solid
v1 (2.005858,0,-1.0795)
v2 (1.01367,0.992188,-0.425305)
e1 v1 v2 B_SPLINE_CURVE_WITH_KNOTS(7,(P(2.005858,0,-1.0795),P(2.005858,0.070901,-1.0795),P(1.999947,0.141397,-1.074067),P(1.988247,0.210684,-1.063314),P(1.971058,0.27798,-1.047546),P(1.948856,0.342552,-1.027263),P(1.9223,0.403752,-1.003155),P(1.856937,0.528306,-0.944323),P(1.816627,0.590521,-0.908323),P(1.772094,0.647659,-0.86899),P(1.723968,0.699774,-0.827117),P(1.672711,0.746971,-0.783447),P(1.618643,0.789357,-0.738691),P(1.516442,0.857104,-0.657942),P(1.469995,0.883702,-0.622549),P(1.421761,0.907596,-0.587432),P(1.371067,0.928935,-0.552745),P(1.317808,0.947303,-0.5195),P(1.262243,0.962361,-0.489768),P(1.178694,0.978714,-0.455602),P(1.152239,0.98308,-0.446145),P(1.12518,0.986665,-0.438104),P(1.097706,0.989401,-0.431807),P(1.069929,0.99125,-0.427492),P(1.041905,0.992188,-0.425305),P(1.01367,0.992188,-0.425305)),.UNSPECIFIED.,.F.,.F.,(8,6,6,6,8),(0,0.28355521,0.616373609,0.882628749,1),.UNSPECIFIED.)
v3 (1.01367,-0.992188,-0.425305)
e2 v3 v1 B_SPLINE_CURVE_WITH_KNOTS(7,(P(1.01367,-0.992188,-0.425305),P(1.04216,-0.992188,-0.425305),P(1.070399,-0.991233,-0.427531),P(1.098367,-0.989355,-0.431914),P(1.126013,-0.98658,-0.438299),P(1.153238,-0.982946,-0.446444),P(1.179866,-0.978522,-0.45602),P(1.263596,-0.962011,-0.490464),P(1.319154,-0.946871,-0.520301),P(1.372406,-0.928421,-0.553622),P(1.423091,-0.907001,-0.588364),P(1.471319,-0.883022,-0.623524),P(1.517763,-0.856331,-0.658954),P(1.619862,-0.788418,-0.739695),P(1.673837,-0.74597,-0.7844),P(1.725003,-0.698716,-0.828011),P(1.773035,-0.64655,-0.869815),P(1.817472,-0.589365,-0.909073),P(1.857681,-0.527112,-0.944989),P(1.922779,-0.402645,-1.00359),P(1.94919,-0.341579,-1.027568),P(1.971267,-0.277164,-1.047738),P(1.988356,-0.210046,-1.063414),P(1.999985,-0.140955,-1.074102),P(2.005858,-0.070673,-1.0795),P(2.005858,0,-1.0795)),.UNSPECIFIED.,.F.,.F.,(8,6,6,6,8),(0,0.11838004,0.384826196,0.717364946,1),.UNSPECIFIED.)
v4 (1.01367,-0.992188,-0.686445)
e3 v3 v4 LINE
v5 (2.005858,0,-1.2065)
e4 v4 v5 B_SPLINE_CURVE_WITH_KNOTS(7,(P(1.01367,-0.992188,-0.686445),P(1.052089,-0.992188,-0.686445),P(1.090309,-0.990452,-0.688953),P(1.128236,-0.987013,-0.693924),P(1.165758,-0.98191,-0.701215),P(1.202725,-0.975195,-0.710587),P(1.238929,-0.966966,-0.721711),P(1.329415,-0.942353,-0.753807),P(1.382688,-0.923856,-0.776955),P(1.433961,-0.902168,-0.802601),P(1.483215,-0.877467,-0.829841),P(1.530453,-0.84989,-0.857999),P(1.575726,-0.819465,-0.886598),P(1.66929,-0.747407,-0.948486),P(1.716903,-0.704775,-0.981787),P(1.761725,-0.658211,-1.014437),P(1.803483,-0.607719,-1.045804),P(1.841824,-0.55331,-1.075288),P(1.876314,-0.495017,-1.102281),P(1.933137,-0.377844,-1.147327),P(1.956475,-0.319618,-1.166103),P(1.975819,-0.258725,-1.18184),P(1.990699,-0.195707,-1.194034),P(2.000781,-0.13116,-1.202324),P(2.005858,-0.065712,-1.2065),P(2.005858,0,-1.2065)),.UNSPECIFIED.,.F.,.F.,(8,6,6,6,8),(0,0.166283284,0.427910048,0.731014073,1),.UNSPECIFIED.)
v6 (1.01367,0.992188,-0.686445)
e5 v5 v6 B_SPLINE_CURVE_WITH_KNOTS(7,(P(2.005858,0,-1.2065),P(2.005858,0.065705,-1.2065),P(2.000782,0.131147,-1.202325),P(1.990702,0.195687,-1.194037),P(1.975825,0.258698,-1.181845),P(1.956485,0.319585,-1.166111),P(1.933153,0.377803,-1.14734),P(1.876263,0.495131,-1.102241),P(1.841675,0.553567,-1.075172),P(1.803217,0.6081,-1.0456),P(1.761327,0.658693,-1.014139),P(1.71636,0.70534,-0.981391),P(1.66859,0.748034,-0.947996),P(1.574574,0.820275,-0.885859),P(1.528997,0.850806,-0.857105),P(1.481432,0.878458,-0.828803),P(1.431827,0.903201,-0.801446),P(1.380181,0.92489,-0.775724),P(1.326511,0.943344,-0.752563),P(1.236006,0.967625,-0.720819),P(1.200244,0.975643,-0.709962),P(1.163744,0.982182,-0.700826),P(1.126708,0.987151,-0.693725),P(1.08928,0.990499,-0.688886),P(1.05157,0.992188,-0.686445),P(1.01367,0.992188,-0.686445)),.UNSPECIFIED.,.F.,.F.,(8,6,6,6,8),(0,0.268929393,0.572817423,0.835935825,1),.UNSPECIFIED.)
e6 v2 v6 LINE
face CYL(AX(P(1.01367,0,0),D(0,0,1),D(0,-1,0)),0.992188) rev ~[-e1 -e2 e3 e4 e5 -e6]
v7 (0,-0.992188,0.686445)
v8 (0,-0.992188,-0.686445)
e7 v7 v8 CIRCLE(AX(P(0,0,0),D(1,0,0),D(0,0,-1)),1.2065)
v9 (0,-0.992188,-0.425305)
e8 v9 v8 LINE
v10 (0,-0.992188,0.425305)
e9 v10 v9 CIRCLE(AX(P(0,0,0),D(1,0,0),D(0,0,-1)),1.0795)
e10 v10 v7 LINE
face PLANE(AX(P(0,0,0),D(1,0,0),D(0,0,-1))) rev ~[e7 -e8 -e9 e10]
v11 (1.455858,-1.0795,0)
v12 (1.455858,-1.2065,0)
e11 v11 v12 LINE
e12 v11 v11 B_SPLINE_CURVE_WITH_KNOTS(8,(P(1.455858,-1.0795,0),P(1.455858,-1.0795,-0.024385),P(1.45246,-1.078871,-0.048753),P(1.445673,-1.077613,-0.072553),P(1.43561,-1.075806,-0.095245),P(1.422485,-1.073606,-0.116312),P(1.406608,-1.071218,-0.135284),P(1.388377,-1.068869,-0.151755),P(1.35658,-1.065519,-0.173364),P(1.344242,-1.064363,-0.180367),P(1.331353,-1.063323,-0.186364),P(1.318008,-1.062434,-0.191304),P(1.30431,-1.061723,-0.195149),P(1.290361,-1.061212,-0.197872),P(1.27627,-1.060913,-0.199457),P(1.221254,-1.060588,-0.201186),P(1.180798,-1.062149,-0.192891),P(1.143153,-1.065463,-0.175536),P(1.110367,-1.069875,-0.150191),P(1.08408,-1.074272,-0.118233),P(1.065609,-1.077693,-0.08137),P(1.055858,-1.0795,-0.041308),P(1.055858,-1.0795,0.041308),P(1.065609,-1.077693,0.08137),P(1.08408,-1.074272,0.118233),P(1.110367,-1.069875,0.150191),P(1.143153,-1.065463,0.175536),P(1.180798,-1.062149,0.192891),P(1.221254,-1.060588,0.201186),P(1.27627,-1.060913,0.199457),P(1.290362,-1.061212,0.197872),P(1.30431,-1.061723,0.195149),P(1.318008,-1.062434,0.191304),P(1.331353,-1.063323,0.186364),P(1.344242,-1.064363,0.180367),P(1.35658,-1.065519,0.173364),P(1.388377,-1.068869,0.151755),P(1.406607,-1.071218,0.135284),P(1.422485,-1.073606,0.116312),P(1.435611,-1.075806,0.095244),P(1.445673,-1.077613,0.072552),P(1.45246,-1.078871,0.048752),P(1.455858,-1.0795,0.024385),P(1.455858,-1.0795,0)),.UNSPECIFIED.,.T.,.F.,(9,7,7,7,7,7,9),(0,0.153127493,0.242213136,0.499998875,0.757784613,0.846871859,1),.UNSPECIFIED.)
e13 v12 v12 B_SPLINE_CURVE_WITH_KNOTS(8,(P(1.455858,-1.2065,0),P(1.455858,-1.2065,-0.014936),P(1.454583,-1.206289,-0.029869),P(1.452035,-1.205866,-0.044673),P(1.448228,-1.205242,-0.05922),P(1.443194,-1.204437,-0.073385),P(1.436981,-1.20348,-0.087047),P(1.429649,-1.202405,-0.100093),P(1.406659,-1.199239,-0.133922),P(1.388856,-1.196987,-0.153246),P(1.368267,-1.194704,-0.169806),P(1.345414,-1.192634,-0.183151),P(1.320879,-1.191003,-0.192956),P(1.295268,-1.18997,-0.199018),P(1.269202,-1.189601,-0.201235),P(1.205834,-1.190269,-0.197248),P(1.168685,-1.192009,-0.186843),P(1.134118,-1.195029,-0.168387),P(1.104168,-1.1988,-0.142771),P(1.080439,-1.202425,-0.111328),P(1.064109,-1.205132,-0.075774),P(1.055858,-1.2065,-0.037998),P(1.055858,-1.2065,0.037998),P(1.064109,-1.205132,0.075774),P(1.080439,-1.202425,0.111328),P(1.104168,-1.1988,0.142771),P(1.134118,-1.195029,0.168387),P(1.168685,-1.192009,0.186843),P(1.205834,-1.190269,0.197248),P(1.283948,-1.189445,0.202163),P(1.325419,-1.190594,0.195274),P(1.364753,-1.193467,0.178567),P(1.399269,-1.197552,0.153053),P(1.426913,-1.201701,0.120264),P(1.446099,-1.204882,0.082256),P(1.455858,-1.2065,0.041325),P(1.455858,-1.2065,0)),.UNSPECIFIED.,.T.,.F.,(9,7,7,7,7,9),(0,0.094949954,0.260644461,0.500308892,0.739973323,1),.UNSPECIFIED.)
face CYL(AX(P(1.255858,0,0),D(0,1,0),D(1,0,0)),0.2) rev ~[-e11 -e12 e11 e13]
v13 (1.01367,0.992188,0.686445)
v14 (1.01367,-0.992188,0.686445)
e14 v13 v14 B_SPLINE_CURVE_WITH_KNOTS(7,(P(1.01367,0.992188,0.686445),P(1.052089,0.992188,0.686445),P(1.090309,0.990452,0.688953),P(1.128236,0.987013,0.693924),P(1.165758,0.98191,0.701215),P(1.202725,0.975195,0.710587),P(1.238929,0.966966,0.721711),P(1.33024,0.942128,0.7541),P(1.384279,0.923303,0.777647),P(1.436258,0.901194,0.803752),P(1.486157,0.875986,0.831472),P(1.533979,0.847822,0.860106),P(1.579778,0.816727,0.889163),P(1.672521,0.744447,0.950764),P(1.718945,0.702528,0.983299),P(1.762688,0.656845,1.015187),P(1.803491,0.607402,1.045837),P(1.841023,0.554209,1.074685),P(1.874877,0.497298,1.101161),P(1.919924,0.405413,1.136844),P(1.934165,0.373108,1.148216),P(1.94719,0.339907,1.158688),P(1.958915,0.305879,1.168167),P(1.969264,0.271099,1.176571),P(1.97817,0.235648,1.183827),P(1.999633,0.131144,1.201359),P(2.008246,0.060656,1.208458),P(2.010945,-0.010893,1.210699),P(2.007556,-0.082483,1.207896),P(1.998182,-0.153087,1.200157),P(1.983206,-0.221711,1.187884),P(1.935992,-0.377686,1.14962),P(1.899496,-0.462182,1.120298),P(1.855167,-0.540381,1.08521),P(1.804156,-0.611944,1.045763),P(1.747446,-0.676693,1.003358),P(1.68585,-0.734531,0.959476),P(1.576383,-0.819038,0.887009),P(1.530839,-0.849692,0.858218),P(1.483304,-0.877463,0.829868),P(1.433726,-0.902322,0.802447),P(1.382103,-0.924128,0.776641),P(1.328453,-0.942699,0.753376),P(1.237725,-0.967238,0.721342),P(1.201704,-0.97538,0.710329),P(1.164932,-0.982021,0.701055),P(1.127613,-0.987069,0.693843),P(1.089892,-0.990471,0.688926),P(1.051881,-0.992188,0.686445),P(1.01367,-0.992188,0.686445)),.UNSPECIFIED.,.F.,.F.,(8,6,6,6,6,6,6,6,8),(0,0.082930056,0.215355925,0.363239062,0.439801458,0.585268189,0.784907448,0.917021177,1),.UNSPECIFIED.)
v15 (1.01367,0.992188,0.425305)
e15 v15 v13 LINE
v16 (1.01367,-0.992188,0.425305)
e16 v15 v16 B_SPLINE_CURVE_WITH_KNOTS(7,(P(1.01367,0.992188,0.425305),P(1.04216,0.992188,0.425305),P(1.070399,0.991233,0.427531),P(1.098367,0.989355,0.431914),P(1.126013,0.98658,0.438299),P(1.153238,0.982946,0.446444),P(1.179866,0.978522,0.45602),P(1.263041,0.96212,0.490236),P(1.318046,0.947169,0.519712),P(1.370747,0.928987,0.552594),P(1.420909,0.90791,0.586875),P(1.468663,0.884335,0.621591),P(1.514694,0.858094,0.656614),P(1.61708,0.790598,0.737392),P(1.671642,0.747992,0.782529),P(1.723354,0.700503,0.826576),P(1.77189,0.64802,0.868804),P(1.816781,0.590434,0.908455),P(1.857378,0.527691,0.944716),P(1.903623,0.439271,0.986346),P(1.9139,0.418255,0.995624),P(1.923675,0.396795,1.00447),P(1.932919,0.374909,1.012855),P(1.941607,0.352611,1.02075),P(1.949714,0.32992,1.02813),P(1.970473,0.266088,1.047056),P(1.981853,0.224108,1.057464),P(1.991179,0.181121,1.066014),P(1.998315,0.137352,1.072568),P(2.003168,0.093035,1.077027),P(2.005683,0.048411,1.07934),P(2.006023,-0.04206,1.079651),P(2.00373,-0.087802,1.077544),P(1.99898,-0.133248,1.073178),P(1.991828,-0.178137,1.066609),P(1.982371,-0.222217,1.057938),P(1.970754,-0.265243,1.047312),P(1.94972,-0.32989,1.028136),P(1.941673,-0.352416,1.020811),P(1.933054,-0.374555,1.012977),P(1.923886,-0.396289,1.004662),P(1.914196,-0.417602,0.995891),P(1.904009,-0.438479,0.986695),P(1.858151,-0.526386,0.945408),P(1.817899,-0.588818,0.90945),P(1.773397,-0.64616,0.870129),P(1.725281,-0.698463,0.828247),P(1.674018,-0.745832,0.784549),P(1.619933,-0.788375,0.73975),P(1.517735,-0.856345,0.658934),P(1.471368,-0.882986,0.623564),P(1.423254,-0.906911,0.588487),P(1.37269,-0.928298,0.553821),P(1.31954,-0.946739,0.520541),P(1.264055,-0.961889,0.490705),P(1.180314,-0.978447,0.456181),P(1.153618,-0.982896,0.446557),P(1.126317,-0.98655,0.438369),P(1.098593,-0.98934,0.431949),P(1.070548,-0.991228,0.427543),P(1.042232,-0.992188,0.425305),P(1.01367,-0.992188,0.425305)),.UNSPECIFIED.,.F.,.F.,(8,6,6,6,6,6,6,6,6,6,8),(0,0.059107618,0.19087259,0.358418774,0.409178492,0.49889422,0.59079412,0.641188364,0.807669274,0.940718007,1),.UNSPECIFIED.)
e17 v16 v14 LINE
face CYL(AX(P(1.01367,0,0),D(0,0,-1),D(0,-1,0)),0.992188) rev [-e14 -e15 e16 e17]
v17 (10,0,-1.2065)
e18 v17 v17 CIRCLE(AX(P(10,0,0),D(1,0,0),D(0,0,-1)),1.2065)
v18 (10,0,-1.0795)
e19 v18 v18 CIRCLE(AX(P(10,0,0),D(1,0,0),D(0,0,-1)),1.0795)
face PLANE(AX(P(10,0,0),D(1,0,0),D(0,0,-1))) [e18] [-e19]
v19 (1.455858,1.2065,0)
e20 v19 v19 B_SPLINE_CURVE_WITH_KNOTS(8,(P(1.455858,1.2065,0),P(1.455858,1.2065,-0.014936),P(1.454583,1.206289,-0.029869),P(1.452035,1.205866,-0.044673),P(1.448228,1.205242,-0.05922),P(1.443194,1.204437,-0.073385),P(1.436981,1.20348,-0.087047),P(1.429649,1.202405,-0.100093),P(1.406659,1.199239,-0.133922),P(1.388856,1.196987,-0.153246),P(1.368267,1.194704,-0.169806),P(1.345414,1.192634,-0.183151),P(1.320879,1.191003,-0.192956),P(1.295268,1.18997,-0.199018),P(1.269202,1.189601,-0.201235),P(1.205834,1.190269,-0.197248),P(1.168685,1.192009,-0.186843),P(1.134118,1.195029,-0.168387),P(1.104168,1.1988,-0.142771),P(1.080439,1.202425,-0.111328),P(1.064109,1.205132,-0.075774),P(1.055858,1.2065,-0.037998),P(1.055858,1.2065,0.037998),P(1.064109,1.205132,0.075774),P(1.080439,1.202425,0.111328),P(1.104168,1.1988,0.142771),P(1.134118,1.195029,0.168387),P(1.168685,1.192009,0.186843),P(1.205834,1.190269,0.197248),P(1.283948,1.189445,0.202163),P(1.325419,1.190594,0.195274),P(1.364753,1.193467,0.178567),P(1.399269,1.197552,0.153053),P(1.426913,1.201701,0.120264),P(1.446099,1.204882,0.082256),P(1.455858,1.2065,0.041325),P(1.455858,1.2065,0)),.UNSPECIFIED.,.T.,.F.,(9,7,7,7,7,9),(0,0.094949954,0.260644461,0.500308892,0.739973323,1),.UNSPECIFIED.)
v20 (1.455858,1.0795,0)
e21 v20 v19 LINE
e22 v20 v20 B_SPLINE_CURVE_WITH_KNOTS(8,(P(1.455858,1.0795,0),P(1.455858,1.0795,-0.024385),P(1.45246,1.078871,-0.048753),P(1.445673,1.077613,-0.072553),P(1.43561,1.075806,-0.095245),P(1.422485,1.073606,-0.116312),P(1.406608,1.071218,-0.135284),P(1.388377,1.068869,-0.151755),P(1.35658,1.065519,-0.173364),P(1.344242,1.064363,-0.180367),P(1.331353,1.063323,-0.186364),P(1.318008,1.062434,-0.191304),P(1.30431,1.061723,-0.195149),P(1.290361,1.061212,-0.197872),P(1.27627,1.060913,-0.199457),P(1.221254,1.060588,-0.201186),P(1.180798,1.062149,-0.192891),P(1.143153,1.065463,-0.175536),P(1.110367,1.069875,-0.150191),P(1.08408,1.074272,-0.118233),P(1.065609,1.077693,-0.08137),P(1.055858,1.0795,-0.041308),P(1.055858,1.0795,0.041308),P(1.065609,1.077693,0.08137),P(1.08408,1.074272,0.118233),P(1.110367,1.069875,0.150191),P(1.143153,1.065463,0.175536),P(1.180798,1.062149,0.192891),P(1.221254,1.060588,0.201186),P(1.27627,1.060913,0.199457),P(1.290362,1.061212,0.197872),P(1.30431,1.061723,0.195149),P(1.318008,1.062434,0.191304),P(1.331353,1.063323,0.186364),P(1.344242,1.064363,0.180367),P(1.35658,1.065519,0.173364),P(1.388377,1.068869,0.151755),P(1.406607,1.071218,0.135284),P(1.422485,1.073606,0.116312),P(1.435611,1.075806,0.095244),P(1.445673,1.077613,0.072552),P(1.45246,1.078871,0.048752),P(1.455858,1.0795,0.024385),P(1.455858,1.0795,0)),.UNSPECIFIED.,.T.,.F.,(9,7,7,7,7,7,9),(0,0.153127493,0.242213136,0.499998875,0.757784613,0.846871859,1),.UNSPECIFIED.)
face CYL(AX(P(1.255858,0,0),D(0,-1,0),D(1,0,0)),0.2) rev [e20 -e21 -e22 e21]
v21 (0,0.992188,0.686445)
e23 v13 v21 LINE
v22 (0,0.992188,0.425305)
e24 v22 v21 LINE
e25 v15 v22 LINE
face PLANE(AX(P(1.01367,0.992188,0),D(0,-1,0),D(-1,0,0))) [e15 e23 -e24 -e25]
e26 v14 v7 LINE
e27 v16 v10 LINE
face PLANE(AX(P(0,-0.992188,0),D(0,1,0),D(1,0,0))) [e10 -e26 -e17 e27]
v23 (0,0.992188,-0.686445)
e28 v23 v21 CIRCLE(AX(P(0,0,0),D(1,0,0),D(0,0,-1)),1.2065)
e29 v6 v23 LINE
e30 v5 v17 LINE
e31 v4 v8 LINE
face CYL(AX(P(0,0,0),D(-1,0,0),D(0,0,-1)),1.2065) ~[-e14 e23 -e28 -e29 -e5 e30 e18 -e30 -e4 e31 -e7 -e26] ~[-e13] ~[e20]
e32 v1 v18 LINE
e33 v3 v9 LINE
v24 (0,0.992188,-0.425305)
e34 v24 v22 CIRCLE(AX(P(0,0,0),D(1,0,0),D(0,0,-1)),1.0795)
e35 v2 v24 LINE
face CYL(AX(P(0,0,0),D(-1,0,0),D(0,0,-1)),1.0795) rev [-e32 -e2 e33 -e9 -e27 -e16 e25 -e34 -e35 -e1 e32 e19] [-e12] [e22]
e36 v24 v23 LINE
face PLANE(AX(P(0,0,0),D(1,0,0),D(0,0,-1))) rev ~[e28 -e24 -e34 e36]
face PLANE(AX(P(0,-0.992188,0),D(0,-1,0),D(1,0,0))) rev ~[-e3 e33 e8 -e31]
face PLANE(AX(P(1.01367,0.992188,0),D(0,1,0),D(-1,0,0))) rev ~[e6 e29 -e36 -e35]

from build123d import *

# Parameters (mm, degrees)
SKETCH1_R               = 1.2065
SKETCH1_R_2             = 1.0795
BOSS_EXTRUDE1_DEPTH     = 10
CUT_EXTRUDE4_DEPTH      = 10
CUT_EXTRUDE4_DEPTH_BACK = 10
CUT_EXTRUDE5_DEPTH      = 10
CUT_EXTRUDE5_DEPTH_BACK = 10
SKETCH6_R               = 0.2


with BuildPart() as part:
    # Sketch1 → Boss-Extrude1 (new body)
    with BuildSketch(Plane(origin=(0, 0, 0), x_dir=(0, 0, -1), z_dir=(1, 0, 0))):
        Circle(SKETCH1_R)
        Circle(SKETCH1_R_2, mode=Mode.SUBTRACT)
    extrude(amount=BOSS_EXTRUDE1_DEPTH)

    # Sketch5 → Cut-Extrude4 (cut, two sides: drawn at the far end of the back side and taken through both)
    with BuildSketch(Plane.XY.offset(-CUT_EXTRUDE4_DEPTH_BACK)):
        with BuildLine():
            Line((1.013670485, 0.9921875), (0, 0.9921875))
            Line((0, 0.9921875), (0, -0.9921875))
            Line((0, -0.9921875), (1.013670485, -0.9921875))
            ThreePointArc((1.013670485, -0.9921875), (2.005857985, 0), (1.013670485, 0.9921875))
        make_face()
    extrude(amount=CUT_EXTRUDE4_DEPTH + CUT_EXTRUDE4_DEPTH_BACK, mode=Mode.SUBTRACT)

    # Sketch6 → Cut-Extrude5 (cut, two sides: drawn at the far end of the back side and taken through both)
    with BuildSketch(Plane(origin=(0, 0, 0), x_dir=(1, 0, 0), z_dir=(0, 1, 0)).offset(-CUT_EXTRUDE5_DEPTH_BACK)):
        with Locations((1.255857985, 0)):
            Circle(SKETCH6_R)
    extrude(amount=CUT_EXTRUDE5_DEPTH + CUT_EXTRUDE5_DEPTH_BACK, mode=Mode.SUBTRACT)


solid = part.part
